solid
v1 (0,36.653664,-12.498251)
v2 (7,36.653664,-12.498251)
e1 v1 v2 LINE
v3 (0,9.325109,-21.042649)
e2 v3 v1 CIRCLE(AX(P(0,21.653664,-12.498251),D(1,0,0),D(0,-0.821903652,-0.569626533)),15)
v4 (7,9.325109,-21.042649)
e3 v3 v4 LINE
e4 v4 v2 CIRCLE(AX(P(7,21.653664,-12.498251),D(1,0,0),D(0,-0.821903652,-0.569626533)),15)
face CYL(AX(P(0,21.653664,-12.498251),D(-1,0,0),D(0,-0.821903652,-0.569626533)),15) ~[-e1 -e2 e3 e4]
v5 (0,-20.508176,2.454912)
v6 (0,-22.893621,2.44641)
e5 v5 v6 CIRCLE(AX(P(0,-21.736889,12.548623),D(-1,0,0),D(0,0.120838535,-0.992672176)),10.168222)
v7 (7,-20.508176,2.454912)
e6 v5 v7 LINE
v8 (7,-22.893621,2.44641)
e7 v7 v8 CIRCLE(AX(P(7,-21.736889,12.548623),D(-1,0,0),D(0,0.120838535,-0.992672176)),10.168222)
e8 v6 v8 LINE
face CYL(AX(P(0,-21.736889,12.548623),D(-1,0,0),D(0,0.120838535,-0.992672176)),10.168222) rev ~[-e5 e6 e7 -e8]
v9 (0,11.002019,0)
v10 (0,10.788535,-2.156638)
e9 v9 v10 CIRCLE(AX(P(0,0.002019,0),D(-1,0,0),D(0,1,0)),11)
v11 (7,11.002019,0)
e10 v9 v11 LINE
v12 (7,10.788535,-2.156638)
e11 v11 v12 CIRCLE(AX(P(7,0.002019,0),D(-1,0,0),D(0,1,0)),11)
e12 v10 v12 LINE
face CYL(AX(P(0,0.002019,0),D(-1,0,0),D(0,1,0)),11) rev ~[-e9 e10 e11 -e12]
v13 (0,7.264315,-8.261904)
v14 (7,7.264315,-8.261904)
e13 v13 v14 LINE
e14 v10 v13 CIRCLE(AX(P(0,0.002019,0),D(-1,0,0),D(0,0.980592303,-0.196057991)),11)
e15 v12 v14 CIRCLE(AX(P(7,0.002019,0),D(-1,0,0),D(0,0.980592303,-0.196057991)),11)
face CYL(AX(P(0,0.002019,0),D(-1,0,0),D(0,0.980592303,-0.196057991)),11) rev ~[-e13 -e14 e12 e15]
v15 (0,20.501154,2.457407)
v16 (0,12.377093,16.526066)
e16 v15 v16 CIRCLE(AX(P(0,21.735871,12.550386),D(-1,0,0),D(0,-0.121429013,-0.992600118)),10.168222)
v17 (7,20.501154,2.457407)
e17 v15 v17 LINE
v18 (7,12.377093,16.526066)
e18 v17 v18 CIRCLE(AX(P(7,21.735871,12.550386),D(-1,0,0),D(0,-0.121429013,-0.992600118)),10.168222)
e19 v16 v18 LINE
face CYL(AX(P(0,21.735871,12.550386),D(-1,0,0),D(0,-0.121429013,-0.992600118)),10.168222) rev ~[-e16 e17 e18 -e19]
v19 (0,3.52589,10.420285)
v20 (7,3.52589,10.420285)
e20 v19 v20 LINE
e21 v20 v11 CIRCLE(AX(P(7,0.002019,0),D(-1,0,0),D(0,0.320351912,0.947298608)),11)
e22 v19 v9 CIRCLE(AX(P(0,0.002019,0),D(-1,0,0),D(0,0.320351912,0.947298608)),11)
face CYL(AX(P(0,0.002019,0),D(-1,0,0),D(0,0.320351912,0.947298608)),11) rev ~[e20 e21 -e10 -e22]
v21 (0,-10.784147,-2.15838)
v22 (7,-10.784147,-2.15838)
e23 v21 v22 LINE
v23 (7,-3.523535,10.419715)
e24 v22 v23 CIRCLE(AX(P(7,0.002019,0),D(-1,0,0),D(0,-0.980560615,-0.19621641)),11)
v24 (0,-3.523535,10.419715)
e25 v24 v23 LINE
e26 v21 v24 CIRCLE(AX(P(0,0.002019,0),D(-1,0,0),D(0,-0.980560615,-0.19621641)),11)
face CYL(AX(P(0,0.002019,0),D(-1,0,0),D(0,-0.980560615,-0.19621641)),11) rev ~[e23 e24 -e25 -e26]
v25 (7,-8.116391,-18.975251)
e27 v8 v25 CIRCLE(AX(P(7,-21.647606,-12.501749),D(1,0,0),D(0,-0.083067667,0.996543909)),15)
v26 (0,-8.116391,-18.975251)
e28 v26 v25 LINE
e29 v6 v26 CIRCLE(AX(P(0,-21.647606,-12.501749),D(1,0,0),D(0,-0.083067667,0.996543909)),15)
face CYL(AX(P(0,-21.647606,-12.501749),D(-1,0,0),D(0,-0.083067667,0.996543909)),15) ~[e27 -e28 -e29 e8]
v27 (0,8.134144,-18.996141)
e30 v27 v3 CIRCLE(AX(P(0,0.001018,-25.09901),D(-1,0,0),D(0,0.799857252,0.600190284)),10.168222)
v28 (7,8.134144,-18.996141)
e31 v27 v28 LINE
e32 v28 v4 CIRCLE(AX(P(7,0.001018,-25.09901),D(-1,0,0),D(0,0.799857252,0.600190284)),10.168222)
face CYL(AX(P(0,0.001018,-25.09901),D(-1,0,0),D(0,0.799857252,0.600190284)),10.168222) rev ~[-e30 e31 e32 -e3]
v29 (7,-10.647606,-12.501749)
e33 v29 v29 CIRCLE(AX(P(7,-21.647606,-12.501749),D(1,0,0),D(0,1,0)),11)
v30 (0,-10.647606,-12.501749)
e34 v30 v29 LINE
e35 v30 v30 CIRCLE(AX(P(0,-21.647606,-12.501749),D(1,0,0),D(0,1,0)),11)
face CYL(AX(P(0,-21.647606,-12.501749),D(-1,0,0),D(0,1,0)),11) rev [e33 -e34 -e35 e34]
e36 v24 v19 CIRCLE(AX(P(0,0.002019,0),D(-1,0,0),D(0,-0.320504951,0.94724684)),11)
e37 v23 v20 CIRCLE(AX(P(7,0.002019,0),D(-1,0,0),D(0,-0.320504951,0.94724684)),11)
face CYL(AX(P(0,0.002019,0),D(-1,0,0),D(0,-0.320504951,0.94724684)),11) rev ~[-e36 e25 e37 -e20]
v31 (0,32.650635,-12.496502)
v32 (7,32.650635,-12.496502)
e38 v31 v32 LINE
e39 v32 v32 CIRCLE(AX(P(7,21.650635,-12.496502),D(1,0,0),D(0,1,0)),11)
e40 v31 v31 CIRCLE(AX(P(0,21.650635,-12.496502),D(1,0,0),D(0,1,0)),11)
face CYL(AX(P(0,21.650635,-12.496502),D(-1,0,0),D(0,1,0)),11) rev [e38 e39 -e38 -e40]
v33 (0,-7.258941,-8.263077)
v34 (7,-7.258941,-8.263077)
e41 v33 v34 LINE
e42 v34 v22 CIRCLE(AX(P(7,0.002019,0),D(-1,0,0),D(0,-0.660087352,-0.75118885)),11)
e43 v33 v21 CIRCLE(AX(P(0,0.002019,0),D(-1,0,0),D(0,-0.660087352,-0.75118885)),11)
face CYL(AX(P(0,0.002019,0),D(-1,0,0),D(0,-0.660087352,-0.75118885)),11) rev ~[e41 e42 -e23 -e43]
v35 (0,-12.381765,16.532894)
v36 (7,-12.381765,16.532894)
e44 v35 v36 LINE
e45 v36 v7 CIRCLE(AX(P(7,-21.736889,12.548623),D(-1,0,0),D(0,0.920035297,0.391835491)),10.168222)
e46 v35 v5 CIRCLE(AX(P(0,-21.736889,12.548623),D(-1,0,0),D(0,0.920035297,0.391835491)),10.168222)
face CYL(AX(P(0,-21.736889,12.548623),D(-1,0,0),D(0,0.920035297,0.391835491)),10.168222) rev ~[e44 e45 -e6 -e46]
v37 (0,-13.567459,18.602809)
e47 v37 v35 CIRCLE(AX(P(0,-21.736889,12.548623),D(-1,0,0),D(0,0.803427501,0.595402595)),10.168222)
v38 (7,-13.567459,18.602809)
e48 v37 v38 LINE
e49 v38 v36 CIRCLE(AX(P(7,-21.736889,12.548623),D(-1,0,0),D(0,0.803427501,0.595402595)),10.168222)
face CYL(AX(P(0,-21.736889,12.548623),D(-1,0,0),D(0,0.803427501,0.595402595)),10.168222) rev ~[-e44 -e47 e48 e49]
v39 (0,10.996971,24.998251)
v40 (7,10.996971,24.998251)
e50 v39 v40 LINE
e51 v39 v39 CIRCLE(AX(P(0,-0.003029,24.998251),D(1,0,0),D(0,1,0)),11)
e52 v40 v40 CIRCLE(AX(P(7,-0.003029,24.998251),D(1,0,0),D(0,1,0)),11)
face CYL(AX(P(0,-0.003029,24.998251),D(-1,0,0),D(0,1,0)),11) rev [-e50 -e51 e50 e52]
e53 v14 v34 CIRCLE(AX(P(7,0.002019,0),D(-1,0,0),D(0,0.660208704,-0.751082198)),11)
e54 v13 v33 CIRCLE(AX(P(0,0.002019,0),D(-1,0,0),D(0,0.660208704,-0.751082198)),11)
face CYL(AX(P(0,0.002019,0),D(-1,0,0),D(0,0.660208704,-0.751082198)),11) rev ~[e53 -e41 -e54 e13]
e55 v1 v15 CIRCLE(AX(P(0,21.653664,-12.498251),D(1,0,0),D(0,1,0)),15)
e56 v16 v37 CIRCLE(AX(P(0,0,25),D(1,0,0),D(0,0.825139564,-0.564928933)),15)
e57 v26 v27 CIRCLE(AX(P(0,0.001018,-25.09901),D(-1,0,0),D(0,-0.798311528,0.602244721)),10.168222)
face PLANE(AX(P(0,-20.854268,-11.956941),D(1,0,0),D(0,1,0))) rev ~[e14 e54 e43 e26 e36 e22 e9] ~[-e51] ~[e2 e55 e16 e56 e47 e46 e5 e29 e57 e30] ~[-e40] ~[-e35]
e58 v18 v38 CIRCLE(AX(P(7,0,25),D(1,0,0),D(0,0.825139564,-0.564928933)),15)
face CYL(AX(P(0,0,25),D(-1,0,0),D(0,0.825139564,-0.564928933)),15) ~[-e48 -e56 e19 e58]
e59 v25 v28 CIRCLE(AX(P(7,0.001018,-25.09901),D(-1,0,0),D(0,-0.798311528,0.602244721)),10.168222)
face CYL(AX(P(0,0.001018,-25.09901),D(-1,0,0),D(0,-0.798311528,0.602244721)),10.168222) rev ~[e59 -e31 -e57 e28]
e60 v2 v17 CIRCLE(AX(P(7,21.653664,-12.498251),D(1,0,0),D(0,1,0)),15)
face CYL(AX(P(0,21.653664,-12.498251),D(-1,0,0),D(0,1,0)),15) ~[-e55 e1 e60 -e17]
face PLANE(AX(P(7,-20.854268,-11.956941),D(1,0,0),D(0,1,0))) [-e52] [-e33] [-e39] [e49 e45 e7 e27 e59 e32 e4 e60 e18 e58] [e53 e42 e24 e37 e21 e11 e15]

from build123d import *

# Parameters (mm, degrees)
F0_R     = 11
F1_DEPTH = 7


with BuildPart() as f1:
    # F0 (on Right) → F1 (new body)
    with BuildSketch(Plane.YZ):
        with BuildLine():
            ThreePointArc((-10.784147298, -2.158380433), (-15.2181462376, 1.0504484301), (-20.5081756924, 2.4549118995))
            ThreePointArc((-20.5081756924, 2.4549118995), (-21.7006480739, 2.3804655364), (-22.893620827, 2.4464098455))
            ThreePointArc((-22.893620827, 2.4464098455), (-33.994808864, -21.019176627), (-8.1163913394, -18.9752512981))
            ThreePointArc((-8.1163913394, -18.9752512981), (-7.0194101473, -15.8207684356), (-6.6476058185, -12.5017487903))
            ThreePointArc((-6.6476058185, -12.5017487903), (-6.8012263567, -10.3604835388), (-7.2589414021, -8.2630772634))
            ThreePointArc((-7.2589414021, -8.2630772634), (-9.5238156568, -5.500769422), (-10.784147298, -2.158380433))
        make_face()
        with Locations((-21.6476058185, -12.5017487903)):
            Circle(F0_R, mode=Mode.SUBTRACT)
        with BuildLine():
            ThreePointArc((-3.5235349877, 10.4197153255), (-8.5198228728, 12.6544494568), (-12.381765286, 16.532893741))
            ThreePointArc((-12.381765286, 16.532893741), (-12.9305392328, 7.4652234928), (-20.5081756924, 2.4549118995))
            ThreePointArc((-20.5081756924, 2.4549118995), (-15.2181462376, 1.0504484301), (-10.784147298, -2.158380433))
            ThreePointArc((-10.784147298, -2.158380433), (-9.5247042237, 5.4992305421), (-3.5235349877, 10.4197153255))
        make_face()
        with BuildLine():
            ThreePointArc((12.3770934621, 16.5260660004), (14.3292777545, 20.564709814), (15, 25))
            ThreePointArc((15, 25), (-3.2778125884, 39.6374842318), (-13.5674592847, 18.602809323))
            ThreePointArc((-13.5674592847, 18.602809323), (-12.9137018843, 17.6027423738), (-12.381765286, 16.532893741))
            ThreePointArc((-12.381765286, 16.532893741), (-8.5198228728, 12.6544494568), (-3.5235349877, 10.4197153255))
            ThreePointArc((-3.5235349877, 10.4197153255), (0.0011309034, 11.0000000457), (3.5258904978, 10.4202847697))
            ThreePointArc((3.5258904978, 10.4202847697), (8.5174154423, 12.6527884045), (12.3770934621, 16.5260660004))
        make_face()
        with Locations((-0.0030291348, 24.9982509651)):
            Circle(F0_R, mode=Mode.SUBTRACT)
        with BuildLine():
            ThreePointArc((20.5011537716, 2.457407484), (12.9303431289, 7.4655631547), (12.3770934621, 16.5260660004))
            ThreePointArc((12.3770934621, 16.5260660004), (8.5174154423, 12.6527884045), (3.5258904978, 10.4202847697))
            ThreePointArc((3.5258904978, 10.4202847697), (8.9396528624, 6.4123872618), (11.0020194703, 8.16e-08))
            ThreePointArc((11.0020194703, 8.16e-08), (10.9485181944, -1.0835891777), (10.7885348007, -2.1566378173))
            ThreePointArc((10.7885348007, -2.1566378173), (15.2171845533, 1.0506135401), (20.5011537716, 2.457407484))
        make_face()
        with BuildLine():
            ThreePointArc((36.6536642295, -12.4982509651), (31.8446490477, -1.4917152506), (20.5011537716, 2.457407484))
            ThreePointArc((20.5011537716, 2.457407484), (15.2171845533, 1.0506135401), (10.7885348007, -2.1566378173))
            ThreePointArc((10.7885348007, -2.1566378173), (9.5287431643, -5.4992303789), (7.2643152111, -8.261904092))
            ThreePointArc((7.2643152111, -8.261904092), (6.7026707945, -13.7097769898), (8.1341442138, -18.9961412801))
            ThreePointArc((8.1341442138, -18.9961412801), (8.7894001381, -19.9846100473), (9.3251094568, -21.0426489671))
            ThreePointArc((9.3251094568, -21.0426489671), (26.1298053359, -26.8148204143), (36.6536642295, -12.4982509651))
        make_face()
        with Locations((21.6506349533, -12.4965021748)):
            Circle(F0_R, mode=Mode.SUBTRACT)
        with BuildLine():
            ThreePointArc((8.1341442138, -18.9961412801), (6.7026707945, -13.7097769898), (7.2643152111, -8.261904092))
            ThreePointArc((7.2643152111, -8.261904092), (0.0029080373, -10.9999998825), (-7.2589414021, -8.2630772634))
            ThreePointArc((-7.2589414021, -8.2630772634), (-6.8012263567, -10.3604835388), (-6.6476058185, -12.5017487903))
            ThreePointArc((-6.6476058185, -12.5017487903), (-7.0194101473, -15.8207684356), (-8.1163913394, -18.9752512981))
            ThreePointArc((-8.1163913394, -18.9752512981), (0.0140889918, -14.9307955749), (8.1341442138, -18.9961412801))
        make_face()
    extrude(amount=F1_DEPTH)


solid = f1.part
